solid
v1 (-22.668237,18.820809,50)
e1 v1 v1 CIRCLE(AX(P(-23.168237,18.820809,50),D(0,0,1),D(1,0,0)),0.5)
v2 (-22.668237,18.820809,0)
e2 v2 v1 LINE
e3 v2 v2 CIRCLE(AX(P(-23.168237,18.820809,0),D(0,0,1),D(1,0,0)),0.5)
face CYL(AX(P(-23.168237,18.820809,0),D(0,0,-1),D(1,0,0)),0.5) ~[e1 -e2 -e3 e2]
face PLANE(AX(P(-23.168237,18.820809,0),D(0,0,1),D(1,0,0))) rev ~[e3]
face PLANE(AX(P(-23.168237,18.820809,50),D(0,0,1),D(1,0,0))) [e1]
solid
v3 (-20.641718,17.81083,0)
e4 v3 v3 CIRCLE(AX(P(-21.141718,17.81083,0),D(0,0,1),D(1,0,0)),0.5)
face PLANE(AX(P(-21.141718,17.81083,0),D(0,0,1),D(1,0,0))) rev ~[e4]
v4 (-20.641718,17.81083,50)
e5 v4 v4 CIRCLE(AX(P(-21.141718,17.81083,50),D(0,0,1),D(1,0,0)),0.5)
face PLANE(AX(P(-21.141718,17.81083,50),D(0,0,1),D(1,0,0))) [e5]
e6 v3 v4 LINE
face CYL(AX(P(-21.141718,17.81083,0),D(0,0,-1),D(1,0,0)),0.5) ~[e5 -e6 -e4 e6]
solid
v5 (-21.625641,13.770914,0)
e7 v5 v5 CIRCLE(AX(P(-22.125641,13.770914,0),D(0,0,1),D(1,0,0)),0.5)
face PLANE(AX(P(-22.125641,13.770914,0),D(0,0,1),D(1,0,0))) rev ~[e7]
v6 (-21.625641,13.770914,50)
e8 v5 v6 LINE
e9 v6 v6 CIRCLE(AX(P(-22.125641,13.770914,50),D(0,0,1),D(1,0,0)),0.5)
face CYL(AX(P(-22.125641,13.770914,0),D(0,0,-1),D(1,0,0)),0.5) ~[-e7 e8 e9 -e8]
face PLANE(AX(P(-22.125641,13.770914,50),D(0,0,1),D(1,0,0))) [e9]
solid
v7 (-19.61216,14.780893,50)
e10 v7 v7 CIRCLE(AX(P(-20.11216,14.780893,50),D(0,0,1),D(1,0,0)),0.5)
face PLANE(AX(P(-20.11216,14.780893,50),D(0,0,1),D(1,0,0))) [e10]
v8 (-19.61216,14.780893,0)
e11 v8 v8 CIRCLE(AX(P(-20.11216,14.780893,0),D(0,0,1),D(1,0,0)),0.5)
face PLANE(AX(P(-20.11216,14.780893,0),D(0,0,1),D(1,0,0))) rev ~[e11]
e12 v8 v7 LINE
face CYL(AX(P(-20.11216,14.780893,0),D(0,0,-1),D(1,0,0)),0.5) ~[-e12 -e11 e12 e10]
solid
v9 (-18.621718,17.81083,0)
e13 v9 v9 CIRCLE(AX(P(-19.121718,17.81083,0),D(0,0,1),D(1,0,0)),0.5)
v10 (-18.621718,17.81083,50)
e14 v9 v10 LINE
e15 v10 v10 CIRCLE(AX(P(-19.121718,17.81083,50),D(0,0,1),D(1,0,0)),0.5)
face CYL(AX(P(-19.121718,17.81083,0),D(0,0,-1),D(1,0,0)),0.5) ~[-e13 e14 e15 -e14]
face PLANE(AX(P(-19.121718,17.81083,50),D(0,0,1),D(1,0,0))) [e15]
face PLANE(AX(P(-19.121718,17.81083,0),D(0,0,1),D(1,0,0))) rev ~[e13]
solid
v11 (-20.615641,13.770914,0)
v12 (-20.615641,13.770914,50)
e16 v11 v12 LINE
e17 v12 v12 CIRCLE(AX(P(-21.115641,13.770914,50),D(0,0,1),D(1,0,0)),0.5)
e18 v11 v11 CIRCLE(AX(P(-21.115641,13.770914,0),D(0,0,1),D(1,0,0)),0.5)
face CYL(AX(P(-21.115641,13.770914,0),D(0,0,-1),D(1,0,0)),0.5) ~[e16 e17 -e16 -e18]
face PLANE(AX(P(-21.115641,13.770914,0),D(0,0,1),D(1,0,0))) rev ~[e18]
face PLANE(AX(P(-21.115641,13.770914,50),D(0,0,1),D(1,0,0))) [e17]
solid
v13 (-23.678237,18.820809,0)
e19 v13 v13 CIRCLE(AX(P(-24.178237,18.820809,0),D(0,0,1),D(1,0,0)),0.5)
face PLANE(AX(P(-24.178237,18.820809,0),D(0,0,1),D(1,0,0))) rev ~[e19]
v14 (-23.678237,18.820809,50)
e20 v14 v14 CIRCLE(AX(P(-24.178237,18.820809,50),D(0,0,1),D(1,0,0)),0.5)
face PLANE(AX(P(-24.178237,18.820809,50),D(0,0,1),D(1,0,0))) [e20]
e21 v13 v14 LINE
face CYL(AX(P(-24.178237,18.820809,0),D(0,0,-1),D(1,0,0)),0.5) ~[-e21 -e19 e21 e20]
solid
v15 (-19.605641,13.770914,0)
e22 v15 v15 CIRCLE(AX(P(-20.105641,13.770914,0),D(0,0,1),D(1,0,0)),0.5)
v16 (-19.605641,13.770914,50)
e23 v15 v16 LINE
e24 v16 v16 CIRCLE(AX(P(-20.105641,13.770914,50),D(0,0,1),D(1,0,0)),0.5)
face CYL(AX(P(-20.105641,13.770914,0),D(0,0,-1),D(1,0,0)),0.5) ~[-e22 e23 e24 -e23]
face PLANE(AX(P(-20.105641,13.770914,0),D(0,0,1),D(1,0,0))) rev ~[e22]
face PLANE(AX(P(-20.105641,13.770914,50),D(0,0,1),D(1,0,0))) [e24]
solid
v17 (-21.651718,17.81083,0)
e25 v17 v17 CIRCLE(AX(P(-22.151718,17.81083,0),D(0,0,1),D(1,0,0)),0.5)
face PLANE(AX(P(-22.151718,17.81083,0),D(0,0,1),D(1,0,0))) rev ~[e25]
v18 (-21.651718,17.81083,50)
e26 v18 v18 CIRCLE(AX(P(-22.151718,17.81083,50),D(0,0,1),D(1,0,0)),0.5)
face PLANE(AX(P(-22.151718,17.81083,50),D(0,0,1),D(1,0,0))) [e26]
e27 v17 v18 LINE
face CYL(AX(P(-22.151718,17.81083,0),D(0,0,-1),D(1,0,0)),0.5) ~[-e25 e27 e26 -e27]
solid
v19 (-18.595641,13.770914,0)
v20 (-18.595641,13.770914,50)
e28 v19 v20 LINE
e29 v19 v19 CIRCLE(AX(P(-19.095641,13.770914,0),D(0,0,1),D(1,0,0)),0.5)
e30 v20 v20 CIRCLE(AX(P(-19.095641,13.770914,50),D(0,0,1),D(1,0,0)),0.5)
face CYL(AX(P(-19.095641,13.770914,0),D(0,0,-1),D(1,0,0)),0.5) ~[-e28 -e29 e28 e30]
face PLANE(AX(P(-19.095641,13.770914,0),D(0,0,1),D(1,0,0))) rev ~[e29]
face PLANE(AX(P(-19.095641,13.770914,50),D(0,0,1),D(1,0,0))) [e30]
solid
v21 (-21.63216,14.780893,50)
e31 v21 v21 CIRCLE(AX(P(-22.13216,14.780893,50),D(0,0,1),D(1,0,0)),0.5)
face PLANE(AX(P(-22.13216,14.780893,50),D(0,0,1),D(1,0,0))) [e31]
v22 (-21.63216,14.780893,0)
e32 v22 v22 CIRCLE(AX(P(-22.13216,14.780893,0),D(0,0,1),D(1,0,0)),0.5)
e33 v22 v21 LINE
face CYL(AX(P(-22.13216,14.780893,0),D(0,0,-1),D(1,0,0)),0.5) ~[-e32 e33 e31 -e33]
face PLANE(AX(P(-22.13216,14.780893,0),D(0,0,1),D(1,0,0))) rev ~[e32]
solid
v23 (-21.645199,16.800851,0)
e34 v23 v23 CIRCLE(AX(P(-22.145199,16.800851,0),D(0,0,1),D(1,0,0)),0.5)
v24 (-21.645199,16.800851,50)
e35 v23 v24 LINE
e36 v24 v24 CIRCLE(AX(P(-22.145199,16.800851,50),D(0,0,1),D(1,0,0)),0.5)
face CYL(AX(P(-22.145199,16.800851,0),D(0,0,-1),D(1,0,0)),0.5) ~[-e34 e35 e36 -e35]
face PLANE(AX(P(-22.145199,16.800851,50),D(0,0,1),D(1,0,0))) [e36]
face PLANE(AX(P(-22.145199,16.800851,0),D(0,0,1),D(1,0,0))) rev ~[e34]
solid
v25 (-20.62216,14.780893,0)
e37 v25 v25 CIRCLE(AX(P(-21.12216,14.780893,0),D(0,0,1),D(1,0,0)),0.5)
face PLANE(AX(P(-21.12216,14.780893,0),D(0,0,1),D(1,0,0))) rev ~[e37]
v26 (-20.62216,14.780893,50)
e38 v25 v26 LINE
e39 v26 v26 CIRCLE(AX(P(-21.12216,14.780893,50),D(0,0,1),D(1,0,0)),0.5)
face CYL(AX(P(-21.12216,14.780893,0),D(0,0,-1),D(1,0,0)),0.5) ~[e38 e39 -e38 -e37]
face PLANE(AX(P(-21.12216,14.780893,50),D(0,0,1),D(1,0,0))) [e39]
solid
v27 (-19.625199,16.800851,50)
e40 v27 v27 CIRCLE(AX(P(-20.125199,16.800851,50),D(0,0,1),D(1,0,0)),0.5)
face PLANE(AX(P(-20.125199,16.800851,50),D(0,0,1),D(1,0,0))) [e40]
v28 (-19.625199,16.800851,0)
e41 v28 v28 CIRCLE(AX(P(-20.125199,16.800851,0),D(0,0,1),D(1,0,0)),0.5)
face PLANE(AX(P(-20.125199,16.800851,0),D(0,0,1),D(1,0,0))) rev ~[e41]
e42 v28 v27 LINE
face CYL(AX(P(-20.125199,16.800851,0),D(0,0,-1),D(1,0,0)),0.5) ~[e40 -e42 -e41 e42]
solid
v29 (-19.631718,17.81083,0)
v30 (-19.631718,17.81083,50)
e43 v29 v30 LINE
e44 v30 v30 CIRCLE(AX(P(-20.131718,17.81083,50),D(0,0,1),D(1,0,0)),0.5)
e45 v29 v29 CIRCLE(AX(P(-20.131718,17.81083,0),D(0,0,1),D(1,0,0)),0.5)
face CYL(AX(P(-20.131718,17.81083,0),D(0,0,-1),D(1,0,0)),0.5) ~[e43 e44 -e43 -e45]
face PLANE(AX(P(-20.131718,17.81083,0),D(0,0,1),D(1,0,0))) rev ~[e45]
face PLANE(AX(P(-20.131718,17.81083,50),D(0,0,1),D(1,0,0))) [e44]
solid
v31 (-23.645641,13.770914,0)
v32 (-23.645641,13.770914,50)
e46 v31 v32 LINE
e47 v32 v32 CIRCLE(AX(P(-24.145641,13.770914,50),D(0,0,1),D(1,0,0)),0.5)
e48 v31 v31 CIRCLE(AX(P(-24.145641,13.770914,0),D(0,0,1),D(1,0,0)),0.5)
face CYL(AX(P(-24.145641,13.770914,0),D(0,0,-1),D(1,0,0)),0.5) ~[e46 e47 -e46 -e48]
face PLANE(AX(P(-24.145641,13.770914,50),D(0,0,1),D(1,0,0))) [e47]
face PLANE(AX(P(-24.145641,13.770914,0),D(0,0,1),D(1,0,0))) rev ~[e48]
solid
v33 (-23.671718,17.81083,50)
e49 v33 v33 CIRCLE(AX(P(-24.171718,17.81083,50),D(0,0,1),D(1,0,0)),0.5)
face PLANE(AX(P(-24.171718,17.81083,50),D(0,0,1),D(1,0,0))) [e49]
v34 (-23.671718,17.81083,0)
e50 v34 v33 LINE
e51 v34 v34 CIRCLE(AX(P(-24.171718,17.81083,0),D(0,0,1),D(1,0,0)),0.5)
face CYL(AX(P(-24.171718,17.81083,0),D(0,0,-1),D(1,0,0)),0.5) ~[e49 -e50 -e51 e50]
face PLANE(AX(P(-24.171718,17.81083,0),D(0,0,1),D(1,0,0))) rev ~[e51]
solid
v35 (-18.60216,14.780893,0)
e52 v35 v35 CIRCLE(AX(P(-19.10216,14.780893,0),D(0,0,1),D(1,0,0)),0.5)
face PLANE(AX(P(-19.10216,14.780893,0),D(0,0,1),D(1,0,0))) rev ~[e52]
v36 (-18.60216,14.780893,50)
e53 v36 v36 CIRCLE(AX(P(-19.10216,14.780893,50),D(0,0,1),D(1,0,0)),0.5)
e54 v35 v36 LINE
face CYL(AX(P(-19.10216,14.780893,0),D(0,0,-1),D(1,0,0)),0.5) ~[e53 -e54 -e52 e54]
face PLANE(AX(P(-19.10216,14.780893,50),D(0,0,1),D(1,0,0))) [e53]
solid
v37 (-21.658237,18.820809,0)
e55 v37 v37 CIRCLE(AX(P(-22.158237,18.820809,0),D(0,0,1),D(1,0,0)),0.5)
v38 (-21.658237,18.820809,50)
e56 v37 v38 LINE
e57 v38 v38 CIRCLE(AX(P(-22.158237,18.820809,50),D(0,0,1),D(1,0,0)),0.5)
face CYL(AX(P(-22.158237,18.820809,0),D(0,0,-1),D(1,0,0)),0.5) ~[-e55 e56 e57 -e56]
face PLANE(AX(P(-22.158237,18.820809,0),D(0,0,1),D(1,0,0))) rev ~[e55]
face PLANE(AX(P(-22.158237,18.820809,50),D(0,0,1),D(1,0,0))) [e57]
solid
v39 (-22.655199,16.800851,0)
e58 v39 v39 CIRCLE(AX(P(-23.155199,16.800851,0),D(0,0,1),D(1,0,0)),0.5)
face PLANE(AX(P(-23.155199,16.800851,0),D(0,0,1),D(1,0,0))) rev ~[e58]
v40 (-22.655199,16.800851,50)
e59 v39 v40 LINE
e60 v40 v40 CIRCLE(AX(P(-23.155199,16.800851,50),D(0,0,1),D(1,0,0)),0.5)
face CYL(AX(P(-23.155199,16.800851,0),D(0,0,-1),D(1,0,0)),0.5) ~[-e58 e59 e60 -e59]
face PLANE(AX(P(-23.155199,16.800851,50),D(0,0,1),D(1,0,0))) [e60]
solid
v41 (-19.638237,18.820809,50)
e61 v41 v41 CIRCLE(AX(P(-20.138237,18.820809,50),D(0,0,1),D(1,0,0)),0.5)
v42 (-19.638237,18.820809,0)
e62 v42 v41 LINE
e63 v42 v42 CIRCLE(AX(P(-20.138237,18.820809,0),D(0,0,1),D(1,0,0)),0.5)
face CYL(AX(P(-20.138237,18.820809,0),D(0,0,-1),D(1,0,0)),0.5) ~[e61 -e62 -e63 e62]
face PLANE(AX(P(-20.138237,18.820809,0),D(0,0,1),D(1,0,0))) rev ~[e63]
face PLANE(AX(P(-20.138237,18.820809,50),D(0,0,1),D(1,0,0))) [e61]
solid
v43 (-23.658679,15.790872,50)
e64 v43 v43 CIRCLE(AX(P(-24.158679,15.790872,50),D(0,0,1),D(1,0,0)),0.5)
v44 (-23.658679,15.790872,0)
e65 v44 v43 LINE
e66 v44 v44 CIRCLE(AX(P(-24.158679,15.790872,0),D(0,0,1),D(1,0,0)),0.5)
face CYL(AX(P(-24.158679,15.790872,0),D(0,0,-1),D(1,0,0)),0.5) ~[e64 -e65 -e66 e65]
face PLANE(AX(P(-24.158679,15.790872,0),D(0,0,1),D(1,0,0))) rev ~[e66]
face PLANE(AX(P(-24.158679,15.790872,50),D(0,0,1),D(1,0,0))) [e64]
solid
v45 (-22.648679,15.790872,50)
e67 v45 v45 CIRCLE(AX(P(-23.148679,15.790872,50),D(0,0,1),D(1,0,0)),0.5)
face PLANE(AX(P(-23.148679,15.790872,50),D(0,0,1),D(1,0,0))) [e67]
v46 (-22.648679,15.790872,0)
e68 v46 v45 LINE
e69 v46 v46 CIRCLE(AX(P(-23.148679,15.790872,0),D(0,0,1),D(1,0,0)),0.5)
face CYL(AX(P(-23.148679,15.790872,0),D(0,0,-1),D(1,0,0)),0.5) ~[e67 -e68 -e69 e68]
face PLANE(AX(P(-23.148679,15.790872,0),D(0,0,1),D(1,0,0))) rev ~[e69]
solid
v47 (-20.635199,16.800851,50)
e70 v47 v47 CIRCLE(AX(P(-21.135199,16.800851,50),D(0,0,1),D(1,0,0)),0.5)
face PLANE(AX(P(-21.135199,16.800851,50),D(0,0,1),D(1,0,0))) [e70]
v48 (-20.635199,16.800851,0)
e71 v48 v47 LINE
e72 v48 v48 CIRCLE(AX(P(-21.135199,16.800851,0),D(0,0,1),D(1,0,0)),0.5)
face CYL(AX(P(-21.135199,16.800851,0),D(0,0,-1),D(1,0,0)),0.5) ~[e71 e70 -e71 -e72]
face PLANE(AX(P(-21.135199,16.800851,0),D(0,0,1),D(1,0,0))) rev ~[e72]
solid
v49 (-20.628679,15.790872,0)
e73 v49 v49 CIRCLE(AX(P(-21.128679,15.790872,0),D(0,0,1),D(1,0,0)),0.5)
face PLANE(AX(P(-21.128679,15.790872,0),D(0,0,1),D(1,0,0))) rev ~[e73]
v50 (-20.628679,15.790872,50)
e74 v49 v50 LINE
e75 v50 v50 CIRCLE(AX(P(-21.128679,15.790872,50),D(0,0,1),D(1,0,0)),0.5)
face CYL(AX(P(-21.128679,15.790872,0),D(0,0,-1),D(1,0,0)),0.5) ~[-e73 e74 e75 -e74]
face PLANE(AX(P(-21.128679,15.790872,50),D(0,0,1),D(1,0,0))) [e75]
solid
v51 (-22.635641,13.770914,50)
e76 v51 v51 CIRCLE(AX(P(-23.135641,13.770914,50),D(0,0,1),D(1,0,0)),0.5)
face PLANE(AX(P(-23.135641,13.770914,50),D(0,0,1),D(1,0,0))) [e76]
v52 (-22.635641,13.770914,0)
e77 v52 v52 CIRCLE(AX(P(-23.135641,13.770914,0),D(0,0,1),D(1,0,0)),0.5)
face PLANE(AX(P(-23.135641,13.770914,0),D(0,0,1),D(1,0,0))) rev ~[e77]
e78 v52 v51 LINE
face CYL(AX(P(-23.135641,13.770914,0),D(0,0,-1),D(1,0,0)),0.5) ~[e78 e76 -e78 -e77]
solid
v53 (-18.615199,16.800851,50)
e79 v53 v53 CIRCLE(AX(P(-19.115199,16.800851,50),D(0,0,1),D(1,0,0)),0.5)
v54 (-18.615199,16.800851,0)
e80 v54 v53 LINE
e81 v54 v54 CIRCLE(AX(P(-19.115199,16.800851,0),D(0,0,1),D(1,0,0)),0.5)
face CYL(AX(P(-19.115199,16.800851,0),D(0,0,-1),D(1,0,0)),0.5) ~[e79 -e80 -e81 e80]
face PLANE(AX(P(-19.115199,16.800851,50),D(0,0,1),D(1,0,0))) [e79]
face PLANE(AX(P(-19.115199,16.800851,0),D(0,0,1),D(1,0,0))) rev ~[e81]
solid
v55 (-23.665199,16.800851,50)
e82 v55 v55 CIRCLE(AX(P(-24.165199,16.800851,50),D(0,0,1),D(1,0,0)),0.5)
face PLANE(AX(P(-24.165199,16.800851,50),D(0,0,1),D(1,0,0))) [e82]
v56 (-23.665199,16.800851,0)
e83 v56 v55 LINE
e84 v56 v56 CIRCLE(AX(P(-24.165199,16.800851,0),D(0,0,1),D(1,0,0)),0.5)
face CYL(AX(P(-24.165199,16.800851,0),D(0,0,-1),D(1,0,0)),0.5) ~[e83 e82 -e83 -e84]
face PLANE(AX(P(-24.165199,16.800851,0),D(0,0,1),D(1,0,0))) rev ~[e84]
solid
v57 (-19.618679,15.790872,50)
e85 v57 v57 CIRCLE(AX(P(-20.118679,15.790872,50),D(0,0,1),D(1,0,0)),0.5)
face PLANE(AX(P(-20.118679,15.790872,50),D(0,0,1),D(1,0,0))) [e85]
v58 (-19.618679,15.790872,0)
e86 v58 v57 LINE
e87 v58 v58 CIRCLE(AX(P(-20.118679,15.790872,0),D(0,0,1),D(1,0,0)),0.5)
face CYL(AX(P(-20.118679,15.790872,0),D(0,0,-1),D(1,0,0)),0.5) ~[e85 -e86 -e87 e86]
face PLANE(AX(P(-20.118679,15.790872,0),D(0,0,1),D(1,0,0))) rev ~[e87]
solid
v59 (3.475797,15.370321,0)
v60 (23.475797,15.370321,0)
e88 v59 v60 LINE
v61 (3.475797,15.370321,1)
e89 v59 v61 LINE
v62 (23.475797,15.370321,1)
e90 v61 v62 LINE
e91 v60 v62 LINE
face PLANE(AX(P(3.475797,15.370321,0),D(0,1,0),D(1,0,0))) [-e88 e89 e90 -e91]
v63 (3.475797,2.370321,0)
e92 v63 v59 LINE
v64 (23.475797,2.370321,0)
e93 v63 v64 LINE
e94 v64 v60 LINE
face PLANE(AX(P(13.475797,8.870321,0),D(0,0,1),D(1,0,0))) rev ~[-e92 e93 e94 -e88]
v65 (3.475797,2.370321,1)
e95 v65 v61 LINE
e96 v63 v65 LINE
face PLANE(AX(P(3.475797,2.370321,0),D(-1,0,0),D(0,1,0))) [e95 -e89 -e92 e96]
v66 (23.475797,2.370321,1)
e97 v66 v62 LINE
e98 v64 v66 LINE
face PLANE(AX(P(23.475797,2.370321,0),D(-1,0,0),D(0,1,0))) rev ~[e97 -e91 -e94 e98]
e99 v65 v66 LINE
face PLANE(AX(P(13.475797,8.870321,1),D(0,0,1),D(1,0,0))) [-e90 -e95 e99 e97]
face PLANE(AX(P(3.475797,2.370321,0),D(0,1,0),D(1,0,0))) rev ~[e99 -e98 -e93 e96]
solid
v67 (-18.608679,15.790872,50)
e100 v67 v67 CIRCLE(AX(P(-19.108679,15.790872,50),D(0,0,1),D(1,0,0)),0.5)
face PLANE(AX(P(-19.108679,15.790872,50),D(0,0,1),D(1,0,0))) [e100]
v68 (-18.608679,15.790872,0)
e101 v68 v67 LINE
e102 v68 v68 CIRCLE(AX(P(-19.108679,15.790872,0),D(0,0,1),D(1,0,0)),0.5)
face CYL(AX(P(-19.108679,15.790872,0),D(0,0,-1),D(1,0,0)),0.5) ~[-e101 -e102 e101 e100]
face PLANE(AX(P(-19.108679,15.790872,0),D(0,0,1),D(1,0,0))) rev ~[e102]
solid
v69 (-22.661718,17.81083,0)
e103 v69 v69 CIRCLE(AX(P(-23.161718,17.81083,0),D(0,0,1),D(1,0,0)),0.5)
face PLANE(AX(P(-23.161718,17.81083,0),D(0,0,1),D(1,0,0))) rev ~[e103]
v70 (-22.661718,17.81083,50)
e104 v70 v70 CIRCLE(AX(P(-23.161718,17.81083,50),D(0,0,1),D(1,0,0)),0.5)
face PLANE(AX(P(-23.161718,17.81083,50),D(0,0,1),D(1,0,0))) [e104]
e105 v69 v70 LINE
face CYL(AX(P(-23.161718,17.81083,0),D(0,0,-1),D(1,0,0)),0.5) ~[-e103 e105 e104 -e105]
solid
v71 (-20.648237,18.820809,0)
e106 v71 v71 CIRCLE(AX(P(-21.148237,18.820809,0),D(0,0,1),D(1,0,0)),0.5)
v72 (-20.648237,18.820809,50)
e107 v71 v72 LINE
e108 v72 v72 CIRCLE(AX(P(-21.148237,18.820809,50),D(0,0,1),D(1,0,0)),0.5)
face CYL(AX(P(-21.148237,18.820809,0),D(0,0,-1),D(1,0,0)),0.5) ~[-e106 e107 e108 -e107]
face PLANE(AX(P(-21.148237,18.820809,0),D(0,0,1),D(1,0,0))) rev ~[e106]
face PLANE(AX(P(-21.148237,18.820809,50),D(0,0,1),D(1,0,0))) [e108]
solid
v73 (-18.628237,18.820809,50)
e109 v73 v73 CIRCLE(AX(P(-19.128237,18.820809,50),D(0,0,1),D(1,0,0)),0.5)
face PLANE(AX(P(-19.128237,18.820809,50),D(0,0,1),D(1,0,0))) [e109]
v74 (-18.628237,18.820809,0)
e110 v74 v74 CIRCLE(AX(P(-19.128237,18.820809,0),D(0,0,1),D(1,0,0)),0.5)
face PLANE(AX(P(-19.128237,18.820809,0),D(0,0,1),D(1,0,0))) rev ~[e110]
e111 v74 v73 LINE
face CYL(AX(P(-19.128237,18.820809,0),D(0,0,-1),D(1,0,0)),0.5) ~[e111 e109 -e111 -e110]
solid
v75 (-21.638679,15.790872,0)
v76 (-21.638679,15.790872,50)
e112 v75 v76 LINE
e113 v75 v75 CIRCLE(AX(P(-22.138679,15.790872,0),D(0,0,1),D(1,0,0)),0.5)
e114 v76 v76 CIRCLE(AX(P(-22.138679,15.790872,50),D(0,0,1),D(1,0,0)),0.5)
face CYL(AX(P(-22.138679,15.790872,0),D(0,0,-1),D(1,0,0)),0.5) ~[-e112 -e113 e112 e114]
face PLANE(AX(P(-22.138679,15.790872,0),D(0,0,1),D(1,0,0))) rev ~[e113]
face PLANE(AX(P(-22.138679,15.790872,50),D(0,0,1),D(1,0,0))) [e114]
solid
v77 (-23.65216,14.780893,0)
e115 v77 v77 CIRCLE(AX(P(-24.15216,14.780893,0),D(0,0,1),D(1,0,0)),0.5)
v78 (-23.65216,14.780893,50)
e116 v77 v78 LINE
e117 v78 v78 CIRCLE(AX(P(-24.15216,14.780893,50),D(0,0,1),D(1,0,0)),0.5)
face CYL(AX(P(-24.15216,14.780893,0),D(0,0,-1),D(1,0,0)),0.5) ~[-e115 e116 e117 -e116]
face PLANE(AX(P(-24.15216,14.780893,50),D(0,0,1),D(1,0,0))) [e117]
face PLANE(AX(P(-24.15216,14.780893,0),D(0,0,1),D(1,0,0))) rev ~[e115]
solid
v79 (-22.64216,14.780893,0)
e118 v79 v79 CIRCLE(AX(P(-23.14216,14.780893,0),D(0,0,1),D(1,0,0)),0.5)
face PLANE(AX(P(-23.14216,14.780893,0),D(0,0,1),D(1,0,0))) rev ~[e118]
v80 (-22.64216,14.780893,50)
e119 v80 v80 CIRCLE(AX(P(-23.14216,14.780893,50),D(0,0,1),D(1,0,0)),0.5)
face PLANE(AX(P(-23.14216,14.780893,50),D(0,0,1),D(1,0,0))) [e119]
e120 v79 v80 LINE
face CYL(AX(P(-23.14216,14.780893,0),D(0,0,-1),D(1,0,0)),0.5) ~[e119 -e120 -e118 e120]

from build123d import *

# Parameters (mm, degrees)
F0_R     = 0.5
F1_DEPTH = 50
F0_W     = 20
F0_H     = 13
F2_DEPTH = 1


with BuildPart() as f1:
    # F0 (on Top) → F1 (new body)
    with BuildSketch(Plane.XY):
        with Locations((-21.148237, 18.820809)):
            Circle(F0_R)
        with Locations((-19.108679, 15.790872)):
            Circle(F0_R)
        with Locations((-19.095641, 13.770914)):
            Circle(F0_R)
        with Locations((-19.128237, 18.820809)):
            Circle(F0_R)
        with Locations((-19.121718, 17.81083)):
            Circle(F0_R)
        with Locations((-20.118679, 15.790872)):
            Circle(F0_R)
        with Locations((-19.10216, 14.780893)):
            Circle(F0_R)
        with Locations((-20.11216, 14.780893)):
            Circle(F0_R)
        with Locations((-20.138237, 18.820809)):
            Circle(F0_R)
        with Locations((-22.158237, 18.820809)):
            Circle(F0_R)
        with Locations((-24.145641, 13.770914)):
            Circle(F0_R)
        with Locations((-21.128679, 15.790872)):
            Circle(F0_R)
        with Locations((-21.115641, 13.770914)):
            Circle(F0_R)
        with Locations((-20.105641, 13.770914)):
            Circle(F0_R)
        with Locations((-23.135641, 13.770914)):
            Circle(F0_R)
        with Locations((-19.115199, 16.800851)):
            Circle(F0_R)
        with Locations((-22.125641, 13.770914)):
            Circle(F0_R)
        with Locations((-21.141718, 17.81083)):
            Circle(F0_R)
        with Locations((-20.131718, 17.81083)):
            Circle(F0_R)
        with Locations((-22.13216, 14.780893)):
            Circle(F0_R)
        with Locations((-20.125199, 16.800851)):
            Circle(F0_R)
        with Locations((-21.135199, 16.800851)):
            Circle(F0_R)
        with Locations((-21.12216, 14.780893)):
            Circle(F0_R)
        with Locations((-23.14216, 14.780893)):
            Circle(F0_R)
        with Locations((-24.165199, 16.800851)):
            Circle(F0_R)
        with Locations((-22.151718, 17.81083)):
            Circle(F0_R)
        with Locations((-24.178237, 18.820809)):
            Circle(F0_R)
        with Locations((-24.15216, 14.780893)):
            Circle(F0_R)
        with Locations((-23.168237, 18.820809)):
            Circle(F0_R)
        with Locations((-24.171718, 17.81083)):
            Circle(F0_R)
        with Locations((-24.158679, 15.790872)):
            Circle(F0_R)
        with Locations((-22.138679, 15.790872)):
            Circle(F0_R)
        with Locations((-22.145199, 16.800851)):
            Circle(F0_R)
        with Locations((-23.155199, 16.800851)):
            Circle(F0_R)
        with Locations((-23.148679, 15.790872)):
            Circle(F0_R)
        with Locations((-23.161718, 17.81083)):
            Circle(F0_R)
    extrude(amount=F1_DEPTH)


with BuildPart() as f2:
    # F0 (on Top) → F2 (new body)
    with BuildSketch(Plane.XY):
        with Locations((13.475797, 8.870321)):
            Rectangle(F0_W, F0_H)
    extrude(amount=F2_DEPTH)


solid = Compound([f1.part, f2.part])
